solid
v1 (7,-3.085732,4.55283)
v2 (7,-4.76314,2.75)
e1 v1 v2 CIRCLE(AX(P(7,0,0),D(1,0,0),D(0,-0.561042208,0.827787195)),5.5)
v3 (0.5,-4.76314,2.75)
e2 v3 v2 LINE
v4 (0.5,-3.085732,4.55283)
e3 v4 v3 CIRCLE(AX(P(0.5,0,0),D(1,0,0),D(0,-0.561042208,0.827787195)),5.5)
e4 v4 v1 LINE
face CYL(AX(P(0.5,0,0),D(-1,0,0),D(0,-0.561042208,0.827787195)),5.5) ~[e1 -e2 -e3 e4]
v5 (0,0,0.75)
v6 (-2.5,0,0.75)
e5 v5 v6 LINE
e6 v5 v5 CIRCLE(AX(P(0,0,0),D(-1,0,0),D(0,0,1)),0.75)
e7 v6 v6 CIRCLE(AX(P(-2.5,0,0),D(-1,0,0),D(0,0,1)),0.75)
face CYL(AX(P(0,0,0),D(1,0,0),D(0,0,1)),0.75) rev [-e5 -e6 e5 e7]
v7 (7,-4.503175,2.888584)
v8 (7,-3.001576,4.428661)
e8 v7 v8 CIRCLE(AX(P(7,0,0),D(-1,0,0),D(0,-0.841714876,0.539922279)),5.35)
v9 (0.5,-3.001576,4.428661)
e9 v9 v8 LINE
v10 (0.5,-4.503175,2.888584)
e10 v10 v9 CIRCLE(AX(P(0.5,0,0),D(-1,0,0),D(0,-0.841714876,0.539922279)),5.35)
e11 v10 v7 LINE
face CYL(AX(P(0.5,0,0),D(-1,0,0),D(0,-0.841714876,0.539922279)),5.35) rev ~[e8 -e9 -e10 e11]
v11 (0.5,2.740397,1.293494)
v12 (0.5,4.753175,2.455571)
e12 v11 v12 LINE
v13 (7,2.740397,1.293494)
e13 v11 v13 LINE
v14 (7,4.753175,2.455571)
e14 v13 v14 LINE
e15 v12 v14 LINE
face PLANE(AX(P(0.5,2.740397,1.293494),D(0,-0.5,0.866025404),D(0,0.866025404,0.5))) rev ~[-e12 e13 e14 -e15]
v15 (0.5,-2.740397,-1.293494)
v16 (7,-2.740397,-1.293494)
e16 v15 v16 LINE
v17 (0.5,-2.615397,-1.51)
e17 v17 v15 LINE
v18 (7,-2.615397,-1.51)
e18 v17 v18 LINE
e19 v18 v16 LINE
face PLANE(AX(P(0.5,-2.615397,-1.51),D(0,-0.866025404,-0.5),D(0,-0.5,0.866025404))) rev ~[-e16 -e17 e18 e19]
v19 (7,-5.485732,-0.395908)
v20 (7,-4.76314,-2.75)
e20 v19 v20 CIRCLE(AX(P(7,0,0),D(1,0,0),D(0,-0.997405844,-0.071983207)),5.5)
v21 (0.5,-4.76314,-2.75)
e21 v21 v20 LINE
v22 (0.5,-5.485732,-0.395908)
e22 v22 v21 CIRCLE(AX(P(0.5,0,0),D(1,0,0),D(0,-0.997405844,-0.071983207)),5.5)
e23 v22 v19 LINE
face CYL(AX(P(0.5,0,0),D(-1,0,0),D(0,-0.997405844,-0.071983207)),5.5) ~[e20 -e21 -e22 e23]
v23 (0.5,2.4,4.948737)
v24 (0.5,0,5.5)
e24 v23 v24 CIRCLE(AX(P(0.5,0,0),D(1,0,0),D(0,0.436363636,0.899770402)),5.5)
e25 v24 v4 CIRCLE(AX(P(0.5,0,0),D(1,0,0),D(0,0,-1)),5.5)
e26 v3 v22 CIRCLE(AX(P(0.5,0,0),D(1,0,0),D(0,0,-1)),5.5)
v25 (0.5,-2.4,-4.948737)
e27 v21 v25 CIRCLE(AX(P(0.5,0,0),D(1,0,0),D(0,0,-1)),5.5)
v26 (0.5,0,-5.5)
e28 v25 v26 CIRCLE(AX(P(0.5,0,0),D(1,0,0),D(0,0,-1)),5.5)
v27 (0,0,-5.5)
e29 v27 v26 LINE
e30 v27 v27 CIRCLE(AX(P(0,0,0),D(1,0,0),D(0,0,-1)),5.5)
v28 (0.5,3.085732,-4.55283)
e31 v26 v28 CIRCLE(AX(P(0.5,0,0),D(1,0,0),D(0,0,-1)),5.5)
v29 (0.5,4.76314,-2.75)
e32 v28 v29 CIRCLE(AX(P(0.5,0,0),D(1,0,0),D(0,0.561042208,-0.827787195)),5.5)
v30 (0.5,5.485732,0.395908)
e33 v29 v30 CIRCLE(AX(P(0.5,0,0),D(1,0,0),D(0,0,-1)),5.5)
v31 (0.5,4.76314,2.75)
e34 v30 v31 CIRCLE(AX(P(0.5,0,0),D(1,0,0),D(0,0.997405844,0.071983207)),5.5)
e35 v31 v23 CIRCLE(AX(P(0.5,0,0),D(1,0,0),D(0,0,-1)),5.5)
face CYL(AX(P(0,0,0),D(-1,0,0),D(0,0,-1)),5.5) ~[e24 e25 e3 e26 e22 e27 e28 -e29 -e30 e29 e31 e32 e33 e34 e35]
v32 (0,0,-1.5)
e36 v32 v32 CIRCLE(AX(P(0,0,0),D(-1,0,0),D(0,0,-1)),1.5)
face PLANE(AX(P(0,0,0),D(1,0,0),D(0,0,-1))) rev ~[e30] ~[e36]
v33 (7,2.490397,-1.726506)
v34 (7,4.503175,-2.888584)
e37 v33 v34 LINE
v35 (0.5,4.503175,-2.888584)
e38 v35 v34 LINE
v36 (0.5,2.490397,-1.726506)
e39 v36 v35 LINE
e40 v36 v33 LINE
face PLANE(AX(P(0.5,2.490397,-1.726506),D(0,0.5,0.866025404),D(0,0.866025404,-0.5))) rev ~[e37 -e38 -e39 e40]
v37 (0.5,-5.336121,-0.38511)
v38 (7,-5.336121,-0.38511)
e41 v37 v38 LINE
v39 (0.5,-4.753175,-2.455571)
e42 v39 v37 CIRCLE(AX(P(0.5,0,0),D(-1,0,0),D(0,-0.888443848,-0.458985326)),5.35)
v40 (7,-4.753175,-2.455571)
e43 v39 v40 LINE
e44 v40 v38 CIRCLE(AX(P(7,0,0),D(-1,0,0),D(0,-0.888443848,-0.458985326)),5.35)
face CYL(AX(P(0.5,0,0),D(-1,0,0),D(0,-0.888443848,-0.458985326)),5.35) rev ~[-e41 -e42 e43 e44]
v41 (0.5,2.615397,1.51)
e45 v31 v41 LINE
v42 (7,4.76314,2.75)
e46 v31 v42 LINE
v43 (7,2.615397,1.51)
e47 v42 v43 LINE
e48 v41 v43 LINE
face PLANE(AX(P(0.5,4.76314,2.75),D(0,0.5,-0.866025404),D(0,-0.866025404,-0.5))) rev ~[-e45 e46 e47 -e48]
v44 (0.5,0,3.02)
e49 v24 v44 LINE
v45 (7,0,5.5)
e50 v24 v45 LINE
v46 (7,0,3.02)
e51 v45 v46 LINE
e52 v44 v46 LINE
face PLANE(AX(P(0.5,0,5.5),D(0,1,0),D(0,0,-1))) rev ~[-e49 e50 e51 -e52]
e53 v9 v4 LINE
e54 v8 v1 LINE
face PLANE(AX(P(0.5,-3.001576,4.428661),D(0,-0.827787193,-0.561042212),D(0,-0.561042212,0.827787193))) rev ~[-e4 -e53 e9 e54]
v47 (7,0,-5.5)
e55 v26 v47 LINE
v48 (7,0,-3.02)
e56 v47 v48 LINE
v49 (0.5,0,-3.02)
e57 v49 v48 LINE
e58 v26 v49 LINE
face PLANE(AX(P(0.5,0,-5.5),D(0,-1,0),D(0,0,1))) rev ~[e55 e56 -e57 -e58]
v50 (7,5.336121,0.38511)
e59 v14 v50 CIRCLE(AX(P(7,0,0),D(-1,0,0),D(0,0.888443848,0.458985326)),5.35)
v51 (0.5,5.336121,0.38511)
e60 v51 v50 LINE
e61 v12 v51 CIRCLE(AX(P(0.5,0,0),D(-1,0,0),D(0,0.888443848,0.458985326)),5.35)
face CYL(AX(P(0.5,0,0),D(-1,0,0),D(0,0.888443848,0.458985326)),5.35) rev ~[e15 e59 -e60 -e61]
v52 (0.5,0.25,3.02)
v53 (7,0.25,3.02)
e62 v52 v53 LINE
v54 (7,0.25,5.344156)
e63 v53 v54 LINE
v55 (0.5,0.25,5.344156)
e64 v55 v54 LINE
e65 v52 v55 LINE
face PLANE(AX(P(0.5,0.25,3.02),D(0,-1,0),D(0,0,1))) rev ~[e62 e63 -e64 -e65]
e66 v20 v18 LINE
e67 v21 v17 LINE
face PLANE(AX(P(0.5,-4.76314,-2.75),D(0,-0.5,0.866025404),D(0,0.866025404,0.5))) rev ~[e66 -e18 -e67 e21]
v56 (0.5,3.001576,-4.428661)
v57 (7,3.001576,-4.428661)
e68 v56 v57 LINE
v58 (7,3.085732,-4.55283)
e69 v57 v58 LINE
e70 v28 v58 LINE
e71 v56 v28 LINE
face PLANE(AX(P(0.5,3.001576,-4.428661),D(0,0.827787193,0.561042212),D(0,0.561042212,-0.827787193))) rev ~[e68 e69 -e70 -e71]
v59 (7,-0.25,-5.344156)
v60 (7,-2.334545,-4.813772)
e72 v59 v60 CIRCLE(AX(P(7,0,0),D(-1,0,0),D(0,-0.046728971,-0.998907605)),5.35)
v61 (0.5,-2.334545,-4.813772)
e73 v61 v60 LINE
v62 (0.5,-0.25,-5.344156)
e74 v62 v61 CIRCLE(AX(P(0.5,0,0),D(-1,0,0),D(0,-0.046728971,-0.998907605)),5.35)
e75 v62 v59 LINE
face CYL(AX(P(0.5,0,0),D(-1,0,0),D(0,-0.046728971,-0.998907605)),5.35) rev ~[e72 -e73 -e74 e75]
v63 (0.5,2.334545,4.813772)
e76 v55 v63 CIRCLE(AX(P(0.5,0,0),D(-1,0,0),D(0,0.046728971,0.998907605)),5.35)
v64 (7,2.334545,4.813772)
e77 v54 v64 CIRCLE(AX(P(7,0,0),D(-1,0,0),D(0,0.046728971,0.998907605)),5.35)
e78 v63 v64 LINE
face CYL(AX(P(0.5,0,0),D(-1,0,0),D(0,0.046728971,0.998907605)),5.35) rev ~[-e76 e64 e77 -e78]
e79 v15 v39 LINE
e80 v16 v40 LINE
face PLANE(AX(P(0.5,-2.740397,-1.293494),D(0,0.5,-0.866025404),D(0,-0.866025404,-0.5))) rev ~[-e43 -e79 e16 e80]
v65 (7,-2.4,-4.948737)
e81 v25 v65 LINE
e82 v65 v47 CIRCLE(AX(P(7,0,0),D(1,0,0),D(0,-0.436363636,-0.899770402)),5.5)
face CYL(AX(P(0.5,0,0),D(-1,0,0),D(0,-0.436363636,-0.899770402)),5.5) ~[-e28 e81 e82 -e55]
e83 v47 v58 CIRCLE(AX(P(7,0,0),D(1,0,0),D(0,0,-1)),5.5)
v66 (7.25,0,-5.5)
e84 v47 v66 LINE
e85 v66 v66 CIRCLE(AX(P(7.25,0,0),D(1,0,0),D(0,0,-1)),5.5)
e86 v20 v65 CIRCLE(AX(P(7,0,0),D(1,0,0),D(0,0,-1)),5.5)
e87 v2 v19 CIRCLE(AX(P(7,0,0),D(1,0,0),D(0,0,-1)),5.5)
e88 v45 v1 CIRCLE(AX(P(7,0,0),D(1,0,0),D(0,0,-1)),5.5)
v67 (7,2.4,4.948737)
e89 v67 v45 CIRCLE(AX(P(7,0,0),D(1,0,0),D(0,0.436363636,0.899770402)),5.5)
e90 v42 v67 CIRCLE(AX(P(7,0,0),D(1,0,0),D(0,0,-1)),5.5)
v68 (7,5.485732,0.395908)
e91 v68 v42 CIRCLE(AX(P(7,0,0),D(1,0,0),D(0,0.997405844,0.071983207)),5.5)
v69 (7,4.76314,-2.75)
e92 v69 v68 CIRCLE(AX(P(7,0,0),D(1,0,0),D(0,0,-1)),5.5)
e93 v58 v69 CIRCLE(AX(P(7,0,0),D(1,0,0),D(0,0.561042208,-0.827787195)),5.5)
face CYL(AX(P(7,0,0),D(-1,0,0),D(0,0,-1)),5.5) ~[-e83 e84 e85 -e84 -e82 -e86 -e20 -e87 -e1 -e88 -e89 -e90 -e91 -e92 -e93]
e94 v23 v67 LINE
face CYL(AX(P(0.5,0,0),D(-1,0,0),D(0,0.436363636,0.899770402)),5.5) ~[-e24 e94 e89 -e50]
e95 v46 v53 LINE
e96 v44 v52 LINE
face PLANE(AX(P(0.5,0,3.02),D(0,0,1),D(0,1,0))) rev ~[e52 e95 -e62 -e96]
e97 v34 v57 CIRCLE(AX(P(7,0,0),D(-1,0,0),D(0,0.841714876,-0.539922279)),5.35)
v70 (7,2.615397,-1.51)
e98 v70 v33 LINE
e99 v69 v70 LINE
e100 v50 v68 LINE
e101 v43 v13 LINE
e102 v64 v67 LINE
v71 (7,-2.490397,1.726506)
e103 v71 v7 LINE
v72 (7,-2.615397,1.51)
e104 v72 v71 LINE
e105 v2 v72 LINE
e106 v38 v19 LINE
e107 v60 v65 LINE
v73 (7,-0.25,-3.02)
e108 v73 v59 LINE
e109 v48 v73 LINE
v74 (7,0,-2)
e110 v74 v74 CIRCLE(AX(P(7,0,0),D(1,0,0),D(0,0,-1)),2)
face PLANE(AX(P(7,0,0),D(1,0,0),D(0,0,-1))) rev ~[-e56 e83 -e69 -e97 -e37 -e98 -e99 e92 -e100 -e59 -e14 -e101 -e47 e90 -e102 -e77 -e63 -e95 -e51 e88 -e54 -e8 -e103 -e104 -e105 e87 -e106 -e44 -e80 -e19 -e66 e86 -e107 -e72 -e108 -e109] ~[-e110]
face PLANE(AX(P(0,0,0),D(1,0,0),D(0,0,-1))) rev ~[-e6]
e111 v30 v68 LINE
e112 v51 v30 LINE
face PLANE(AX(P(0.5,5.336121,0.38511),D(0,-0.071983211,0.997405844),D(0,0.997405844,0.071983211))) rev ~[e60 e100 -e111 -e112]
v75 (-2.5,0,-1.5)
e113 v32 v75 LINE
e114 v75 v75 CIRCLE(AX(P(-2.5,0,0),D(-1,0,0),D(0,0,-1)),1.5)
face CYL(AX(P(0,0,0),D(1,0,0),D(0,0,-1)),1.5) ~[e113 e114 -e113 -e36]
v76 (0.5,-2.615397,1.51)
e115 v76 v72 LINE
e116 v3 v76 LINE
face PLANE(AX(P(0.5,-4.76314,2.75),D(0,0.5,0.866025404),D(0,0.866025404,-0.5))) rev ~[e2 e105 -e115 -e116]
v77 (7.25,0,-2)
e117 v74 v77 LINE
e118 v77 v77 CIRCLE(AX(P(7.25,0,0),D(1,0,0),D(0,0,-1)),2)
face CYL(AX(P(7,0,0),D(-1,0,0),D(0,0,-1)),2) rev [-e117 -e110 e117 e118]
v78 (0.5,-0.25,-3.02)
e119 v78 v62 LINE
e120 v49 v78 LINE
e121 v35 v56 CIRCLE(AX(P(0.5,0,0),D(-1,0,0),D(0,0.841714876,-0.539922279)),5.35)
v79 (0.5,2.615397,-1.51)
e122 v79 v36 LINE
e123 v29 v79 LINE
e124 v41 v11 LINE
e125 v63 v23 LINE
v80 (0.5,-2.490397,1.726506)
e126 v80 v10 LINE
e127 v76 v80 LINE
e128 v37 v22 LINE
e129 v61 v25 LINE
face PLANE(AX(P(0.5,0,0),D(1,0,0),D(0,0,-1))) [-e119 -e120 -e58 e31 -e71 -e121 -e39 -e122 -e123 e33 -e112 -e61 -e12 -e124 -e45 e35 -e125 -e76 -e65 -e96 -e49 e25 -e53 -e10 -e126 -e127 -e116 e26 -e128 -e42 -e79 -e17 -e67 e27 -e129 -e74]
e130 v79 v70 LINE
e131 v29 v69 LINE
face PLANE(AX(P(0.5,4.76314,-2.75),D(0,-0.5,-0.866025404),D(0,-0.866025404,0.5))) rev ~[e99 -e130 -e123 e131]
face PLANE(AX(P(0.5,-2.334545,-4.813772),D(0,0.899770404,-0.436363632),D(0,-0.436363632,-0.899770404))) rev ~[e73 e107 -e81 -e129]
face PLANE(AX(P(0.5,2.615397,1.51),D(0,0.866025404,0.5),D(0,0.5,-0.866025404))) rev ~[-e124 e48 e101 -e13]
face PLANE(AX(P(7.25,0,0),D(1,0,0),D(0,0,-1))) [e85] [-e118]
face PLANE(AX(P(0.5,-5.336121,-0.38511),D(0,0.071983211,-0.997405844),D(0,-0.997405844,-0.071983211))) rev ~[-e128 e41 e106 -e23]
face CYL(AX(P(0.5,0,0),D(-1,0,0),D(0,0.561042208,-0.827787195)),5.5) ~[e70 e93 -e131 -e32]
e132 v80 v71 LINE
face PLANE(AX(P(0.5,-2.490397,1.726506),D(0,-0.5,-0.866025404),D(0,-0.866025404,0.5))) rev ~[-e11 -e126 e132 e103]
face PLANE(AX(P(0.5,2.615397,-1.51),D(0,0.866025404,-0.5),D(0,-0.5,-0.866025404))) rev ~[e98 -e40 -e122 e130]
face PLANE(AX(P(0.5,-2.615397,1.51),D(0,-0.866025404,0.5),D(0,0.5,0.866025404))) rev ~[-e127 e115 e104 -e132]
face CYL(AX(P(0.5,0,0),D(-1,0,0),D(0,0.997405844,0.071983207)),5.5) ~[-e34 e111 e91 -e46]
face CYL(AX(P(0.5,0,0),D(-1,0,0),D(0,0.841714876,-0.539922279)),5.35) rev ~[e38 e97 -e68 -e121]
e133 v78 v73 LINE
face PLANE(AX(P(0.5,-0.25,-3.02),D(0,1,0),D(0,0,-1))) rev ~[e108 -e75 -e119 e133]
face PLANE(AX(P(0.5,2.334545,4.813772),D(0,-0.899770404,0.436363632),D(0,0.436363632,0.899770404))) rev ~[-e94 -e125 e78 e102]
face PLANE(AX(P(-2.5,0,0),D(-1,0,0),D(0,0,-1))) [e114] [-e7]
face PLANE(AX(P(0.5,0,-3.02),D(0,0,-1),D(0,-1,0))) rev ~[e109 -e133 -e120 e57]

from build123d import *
from build123d.topology import SkipClean

# Parameters (mm, degrees)
SKETCH1_R           = 5.5
BOSS_EXTRUDE1_DEPTH = 0.5
BOSS_EXTRUDE2_DEPTH = 6.5
CIRPATTERN1_COUNT   = 6
SKETCH3_R           = 5.5
SKETCH3_R_2         = 2
BOSS_EXTRUDE3_DEPTH = 0.25
SKETCH4_R           = 1.5
SKETCH4_R_2         = 0.75
BOSS_EXTRUDE4_DEPTH = 2.5


with BuildPart() as part:
    # Sketch1 → Boss-Extrude1 (new body)
    with BuildSketch(Plane(origin=(0, 0, 0), x_dir=(0, 0, -1), z_dir=(1, 0, 0))):
        Circle(SKETCH1_R)
    extrude(amount=BOSS_EXTRUDE1_DEPTH)

    # Sketch2 → Boss-Extrude2 (add)
    with BuildSketch(Plane(origin=(0.5, 0, 0), x_dir=(0, 0, -1), z_dir=(1, 0, 0))):
        with BuildLine():
            Line((-5.5, 0), (-3.02, 0))
            Line((-3.02, 0), (-3.02, 0.25))
            Line((-3.02, 0.25), (-5.344155686, 0.25))
            ThreePointArc((-5.344155686, 0.25), (-5.184805145, 1.319202641), (-4.813771652, 2.334545455))
            Line((-4.813771652, 2.334545455), (-4.948737213, 2.4))
            ThreePointArc((-4.948737213, 2.4), (-5.360412982, 1.231248417), (-5.5, 0))
        make_face()
    boss_extrude2 = extrude(amount=BOSS_EXTRUDE2_DEPTH)

    # CirPattern1: Boss-Extrude2 ×6 about axis
    with SkipClean():  # keep this step's faces unmerged: merging them makes the solid invalid here
        cirpattern1_axis = Axis((0, 0, 0), (1, 0, 0))
        for i in range(1, CIRPATTERN1_COUNT):
            add(boss_extrude2.rotate(cirpattern1_axis, i * 360 / CIRPATTERN1_COUNT))

    # Sketch3 → Boss-Extrude3 (add)
    with BuildSketch(Plane(origin=(7, 0, 0), x_dir=(0, 0, -1), z_dir=(1, 0, 0))):
        Circle(SKETCH3_R)
        Circle(SKETCH3_R_2, mode=Mode.SUBTRACT)
    extrude(amount=BOSS_EXTRUDE3_DEPTH)

    # Sketch4 → Boss-Extrude4 (add)
    with SkipClean():  # keep this step's faces unmerged: merging them makes the solid invalid here
        with BuildSketch(Plane.ZY):
            with Locations(Location((0, 0, 0), (0, 0, 180))):  # turned: the seam where the file's is
                Circle(SKETCH4_R)
            Circle(SKETCH4_R_2, mode=Mode.SUBTRACT)
        extrude(amount=BOSS_EXTRUDE4_DEPTH)


solid = part.part
